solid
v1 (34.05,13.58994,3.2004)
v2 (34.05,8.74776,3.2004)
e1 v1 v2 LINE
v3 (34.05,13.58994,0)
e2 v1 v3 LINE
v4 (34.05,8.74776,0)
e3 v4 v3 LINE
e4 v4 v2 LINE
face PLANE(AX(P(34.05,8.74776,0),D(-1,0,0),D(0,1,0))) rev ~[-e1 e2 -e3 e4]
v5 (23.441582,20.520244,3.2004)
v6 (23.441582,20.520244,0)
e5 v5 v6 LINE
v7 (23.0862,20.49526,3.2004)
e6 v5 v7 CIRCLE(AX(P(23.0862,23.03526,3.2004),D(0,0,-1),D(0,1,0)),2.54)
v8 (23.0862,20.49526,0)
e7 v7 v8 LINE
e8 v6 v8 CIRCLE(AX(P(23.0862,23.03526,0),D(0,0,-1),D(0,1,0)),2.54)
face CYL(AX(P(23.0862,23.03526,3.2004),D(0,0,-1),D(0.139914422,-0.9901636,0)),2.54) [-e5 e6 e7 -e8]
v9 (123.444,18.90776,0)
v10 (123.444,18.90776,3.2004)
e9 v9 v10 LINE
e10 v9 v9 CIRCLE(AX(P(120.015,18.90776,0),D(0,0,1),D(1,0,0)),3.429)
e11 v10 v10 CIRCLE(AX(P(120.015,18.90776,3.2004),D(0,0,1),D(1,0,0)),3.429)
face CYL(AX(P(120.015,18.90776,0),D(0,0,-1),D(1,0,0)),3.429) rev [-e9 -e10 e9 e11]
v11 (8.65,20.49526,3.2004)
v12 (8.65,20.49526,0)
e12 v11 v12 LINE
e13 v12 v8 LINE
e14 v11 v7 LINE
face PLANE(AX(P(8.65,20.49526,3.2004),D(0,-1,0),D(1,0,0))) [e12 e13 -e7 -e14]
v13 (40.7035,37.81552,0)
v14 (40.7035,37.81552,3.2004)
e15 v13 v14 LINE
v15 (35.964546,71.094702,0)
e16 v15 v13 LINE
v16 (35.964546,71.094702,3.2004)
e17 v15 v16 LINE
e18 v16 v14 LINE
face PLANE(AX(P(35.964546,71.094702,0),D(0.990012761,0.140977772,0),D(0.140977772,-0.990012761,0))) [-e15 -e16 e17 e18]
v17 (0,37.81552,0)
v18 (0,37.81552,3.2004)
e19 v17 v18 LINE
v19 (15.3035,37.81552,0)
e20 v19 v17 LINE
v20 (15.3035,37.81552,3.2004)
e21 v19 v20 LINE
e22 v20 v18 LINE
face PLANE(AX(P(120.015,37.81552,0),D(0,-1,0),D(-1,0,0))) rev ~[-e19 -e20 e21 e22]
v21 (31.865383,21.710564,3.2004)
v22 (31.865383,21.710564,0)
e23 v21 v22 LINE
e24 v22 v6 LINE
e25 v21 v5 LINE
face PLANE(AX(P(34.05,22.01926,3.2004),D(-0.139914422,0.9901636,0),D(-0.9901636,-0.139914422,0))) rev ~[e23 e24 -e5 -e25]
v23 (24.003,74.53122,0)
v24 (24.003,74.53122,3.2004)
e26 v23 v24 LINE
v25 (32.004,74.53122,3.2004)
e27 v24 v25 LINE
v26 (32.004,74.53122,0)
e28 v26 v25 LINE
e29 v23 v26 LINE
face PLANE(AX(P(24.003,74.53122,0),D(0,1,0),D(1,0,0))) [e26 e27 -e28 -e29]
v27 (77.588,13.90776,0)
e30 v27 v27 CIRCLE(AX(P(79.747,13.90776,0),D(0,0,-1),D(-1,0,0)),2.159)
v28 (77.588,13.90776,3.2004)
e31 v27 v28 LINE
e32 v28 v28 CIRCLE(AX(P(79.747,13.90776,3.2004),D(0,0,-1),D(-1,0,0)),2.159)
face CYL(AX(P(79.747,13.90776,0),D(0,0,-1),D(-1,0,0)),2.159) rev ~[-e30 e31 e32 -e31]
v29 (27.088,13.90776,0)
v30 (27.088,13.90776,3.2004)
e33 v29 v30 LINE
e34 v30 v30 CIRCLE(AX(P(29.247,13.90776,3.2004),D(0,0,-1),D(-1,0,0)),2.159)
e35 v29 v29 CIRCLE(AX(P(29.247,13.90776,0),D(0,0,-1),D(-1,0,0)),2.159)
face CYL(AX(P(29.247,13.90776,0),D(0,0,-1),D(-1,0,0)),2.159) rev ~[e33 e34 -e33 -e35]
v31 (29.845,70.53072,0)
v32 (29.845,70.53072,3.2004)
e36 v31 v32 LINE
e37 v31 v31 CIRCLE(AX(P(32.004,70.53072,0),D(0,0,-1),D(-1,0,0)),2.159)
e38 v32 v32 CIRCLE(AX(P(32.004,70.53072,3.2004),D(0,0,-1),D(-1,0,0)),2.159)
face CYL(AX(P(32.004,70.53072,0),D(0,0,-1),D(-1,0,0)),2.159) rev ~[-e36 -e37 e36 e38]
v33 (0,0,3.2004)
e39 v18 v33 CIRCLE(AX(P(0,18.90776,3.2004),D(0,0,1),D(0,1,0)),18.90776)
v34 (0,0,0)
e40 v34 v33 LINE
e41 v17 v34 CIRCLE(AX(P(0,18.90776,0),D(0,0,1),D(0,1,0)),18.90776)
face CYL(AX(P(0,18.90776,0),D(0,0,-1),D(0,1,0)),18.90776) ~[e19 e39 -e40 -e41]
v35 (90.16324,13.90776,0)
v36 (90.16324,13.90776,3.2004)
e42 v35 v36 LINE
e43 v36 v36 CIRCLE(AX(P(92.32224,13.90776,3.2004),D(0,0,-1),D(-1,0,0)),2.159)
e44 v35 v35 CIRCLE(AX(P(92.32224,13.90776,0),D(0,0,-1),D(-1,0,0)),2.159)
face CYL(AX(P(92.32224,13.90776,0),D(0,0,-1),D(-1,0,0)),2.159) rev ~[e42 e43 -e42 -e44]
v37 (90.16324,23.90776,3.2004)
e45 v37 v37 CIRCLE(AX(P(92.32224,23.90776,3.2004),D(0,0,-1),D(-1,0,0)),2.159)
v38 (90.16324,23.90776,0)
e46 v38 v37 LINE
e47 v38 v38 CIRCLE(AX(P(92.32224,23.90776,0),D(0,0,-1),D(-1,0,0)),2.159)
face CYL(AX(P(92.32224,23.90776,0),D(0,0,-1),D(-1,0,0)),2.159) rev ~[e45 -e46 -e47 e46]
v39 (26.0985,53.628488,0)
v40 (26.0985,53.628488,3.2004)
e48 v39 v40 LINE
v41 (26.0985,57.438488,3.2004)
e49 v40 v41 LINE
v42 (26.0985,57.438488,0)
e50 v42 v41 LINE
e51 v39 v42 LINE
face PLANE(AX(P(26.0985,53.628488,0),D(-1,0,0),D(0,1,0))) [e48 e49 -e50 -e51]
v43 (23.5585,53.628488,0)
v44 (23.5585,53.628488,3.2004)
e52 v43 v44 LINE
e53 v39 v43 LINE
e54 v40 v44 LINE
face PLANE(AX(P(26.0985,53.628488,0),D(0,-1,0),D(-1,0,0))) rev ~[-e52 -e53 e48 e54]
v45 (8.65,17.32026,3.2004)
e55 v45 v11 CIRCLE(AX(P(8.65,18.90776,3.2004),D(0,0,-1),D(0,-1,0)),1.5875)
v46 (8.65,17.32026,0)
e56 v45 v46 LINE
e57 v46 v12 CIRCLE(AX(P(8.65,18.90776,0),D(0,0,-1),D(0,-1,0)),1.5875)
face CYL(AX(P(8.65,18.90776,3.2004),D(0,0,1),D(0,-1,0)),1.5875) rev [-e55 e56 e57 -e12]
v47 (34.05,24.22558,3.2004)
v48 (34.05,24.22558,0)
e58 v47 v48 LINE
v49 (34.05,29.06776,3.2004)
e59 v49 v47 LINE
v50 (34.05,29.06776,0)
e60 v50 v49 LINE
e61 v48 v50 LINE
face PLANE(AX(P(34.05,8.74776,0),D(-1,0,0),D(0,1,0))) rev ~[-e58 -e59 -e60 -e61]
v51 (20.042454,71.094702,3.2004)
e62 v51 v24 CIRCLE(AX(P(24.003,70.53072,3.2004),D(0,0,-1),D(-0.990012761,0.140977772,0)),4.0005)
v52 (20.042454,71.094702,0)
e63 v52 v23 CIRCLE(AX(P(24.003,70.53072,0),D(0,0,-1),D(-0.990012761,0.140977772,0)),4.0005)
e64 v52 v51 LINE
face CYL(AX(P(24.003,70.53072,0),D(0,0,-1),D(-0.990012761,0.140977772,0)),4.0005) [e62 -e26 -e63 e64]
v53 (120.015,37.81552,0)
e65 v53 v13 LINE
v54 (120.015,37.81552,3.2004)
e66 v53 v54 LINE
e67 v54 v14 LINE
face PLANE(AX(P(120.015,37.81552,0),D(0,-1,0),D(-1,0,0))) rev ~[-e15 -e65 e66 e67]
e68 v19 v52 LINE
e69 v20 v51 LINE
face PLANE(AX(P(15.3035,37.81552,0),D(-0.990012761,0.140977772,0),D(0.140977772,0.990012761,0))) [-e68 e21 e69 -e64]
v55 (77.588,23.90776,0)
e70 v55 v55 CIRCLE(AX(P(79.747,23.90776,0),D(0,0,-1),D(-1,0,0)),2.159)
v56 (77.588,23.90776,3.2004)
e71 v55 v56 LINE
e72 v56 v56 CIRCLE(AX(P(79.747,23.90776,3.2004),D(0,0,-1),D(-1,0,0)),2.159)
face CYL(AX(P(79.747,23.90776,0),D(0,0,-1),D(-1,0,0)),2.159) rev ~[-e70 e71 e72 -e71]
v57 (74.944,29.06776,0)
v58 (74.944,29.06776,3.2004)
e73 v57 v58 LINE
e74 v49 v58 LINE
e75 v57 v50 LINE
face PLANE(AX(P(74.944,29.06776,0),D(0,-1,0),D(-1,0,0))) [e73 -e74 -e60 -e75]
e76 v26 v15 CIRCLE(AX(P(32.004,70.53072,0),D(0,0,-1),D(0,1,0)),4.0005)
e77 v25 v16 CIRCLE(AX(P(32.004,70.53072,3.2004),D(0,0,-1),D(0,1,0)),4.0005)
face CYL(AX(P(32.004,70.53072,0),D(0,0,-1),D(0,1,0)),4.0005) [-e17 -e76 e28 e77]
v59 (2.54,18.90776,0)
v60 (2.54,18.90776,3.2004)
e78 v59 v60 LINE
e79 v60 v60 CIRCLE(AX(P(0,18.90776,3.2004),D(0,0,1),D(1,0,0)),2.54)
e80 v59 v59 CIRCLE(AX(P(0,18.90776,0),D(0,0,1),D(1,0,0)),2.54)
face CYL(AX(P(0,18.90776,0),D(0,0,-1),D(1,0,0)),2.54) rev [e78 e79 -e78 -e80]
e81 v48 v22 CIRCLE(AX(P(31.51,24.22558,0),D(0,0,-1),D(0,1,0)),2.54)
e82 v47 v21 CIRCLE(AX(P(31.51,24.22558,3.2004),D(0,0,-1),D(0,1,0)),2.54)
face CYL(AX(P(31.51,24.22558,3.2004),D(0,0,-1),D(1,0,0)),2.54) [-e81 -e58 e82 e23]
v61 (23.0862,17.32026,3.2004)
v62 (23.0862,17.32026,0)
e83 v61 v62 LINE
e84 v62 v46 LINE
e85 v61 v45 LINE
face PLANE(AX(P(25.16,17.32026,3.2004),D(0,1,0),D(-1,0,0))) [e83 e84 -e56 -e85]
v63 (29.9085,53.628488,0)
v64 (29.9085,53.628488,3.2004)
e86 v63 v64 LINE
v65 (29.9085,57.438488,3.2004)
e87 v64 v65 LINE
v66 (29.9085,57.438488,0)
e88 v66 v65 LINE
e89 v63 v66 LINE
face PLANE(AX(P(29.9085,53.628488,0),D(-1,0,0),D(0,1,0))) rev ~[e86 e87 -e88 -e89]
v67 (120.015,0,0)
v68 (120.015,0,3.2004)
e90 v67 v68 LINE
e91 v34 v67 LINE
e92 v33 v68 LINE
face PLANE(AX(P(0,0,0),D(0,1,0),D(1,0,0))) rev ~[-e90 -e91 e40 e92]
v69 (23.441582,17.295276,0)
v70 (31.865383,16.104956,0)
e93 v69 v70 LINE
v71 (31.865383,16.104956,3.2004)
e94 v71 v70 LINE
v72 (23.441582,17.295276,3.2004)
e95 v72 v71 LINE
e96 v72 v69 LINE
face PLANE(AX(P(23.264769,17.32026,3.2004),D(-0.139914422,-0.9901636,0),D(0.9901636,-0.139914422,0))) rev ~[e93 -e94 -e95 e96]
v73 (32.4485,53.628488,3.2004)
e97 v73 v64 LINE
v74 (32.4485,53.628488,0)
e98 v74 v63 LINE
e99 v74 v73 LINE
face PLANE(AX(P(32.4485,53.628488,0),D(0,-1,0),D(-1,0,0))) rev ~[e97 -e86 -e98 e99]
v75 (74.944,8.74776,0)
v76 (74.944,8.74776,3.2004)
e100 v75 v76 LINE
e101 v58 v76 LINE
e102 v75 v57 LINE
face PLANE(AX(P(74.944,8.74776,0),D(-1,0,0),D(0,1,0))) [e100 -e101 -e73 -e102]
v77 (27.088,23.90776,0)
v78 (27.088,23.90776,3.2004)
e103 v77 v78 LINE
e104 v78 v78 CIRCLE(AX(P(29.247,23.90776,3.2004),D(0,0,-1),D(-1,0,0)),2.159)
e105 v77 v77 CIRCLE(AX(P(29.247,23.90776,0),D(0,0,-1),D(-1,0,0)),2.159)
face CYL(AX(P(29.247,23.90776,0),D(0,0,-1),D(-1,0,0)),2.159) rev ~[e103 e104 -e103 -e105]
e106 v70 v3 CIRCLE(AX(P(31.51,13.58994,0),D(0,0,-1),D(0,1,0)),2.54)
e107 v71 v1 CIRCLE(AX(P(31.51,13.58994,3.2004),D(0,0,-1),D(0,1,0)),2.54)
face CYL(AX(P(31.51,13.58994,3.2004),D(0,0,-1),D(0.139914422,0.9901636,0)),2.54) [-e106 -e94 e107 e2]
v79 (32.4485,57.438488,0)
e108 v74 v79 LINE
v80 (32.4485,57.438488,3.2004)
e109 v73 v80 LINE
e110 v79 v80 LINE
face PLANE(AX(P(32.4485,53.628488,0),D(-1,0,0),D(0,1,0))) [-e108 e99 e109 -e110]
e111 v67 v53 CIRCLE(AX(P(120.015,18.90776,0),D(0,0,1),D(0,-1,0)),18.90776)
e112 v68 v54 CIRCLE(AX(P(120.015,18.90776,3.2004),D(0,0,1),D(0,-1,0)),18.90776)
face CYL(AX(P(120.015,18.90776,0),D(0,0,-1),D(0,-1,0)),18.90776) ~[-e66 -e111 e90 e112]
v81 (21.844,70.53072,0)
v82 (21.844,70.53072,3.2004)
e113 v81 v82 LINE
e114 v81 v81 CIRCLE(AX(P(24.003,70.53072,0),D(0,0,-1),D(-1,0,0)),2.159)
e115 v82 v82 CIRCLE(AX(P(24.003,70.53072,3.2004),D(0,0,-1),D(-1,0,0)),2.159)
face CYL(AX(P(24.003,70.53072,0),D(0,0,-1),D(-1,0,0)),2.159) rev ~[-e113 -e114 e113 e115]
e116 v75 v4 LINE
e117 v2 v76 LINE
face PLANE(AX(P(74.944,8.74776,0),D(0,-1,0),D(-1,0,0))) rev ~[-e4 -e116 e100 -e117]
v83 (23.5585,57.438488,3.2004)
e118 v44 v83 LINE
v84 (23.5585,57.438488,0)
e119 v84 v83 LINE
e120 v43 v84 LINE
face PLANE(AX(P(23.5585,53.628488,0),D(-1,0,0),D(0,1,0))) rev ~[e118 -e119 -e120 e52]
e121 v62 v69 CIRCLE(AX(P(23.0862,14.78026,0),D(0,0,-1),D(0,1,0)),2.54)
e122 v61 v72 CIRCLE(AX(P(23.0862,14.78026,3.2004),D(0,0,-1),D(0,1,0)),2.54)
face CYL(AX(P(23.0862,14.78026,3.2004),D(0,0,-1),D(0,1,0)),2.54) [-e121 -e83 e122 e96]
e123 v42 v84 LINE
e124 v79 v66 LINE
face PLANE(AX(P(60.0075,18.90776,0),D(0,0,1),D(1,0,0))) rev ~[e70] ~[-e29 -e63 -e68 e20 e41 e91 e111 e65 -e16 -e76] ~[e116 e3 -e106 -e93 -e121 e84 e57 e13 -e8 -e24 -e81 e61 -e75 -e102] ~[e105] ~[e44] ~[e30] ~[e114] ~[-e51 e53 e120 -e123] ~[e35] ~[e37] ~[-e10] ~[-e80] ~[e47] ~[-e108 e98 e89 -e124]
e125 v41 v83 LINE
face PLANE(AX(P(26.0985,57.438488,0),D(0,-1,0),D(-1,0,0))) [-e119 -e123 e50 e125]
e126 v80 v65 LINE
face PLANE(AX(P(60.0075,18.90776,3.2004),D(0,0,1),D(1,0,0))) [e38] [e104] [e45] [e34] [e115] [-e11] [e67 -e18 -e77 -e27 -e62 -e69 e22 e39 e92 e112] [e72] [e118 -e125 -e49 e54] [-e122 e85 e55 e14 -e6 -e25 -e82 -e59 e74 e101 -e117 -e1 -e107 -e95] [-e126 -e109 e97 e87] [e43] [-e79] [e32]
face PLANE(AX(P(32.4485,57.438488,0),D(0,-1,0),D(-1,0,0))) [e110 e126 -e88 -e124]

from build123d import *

# Parameters (mm, degrees)
SKETCH1_R           = 3.429
SKETCH1_R_2         = 2.54
BOSS_EXTRUDE1_DEPTH = 3.2004
SKETCH5_R           = 2.159
SKETCH5_W           = 40.894
SKETCH5_H           = 20.32
CUT_EXTRUDE3_DEPTH  = 4.2004
CUT_EXTRUDE4_DEPTH  = 3.2004
CUT_EXTRUDE5_DEPTH  = 3.2004
SKETCH9_R           = 2.159
SKETCH9_W           = 2.54
SKETCH9_H           = 3.81
BOSS_EXTRUDE2_DEPTH = 3.2004
FILLET1_R           = 2.54


with BuildPart() as part:
    # Sketch1 → Boss-Extrude1 (new body)
    with BuildSketch(Plane.XY):
        with BuildLine():
            Line((120.015, 37.81552), (0, 37.81552))
            ThreePointArc((0, 37.81552), (-18.90776, 18.90776), (0, 0))
            Line((0, 0), (120.015, 0))
            ThreePointArc((120.015, 0), (138.92276, 18.90776), (120.015, 37.81552))
        make_face()
        with Locations((120.015, 18.90776)):
            Circle(SKETCH1_R, mode=Mode.SUBTRACT)
        with Locations((0, 18.90776)):
            Circle(SKETCH1_R_2, mode=Mode.SUBTRACT)
    extrude(amount=BOSS_EXTRUDE1_DEPTH)

    # Sketch5 → Cut-Extrude3 (cut, through all)
    with BuildSketch(Plane(origin=(0, 0, 0), x_dir=(-1, 0, 0), z_dir=(0, 0, -1))):
        with Locations((-79.746999972, 23.90776)):
            Circle(SKETCH5_R)
        with Locations((-29.246999972, 13.90776)):
            Circle(SKETCH5_R)
        with Locations((-29.246999972, 23.90776)):
            Circle(SKETCH5_R)
        with Locations((-79.746999972, 13.90776)):
            Circle(SKETCH5_R)
        with Locations((-92.322240346, 23.90776)):
            Circle(SKETCH5_R)
        with Locations((-92.322240346, 13.90776)):
            Circle(SKETCH5_R)
        with Locations((-54.496999972, 18.90776)):
            Rectangle(SKETCH5_W, SKETCH5_H)
    extrude(amount=-CUT_EXTRUDE3_DEPTH, mode=Mode.SUBTRACT)

    # Sketch6 → Cut-Extrude4 (cut)
    with BuildSketch(Plane.XY.offset(3.2004)):
        with BuildLine():
            Line((8.649999972, 20.49526), (25.159999972, 20.49526))
            ThreePointArc((25.159999972, 20.49526), (26.747499972, 18.90776), (25.159999972, 17.32026))
            Line((25.159999972, 17.32026), (8.649999972, 17.32026))
            ThreePointArc((8.649999972, 17.32026), (7.062499972, 18.90776), (8.649999972, 20.49526))
        make_face()
    extrude(amount=-CUT_EXTRUDE4_DEPTH, mode=Mode.SUBTRACT)

    # Sketch8 → Cut-Extrude5 (cut)
    with BuildSketch(Plane.XY.offset(3.2004)):
        Polygon((34.049999972, 15.79626), (34.049999972, 22.01926), (23.264769203, 20.49526), (23.264769203, 17.32026), align=None)
    extrude(amount=-CUT_EXTRUDE5_DEPTH, mode=Mode.SUBTRACT)

    # Sketch9 → Boss-Extrude2 (add)
    with BuildSketch(Plane(origin=(0, 0, 0), x_dir=(-1, 0, 0), z_dir=(0, 0, -1))):
        with BuildLine():
            Line((-40.703500071, 37.81552), (-15.303500071, 37.81552))
            Line((-15.303500071, 37.81552), (-20.042454023, 71.094701578))
            ThreePointArc((-20.042454023, 71.094701578), (-21.381188491, 73.552326238), (-24.003000071, 74.531219996))
            Line((-24.003000071, 74.531219996), (-32.004000071, 74.531219996))
            ThreePointArc((-32.004000071, 74.531219996), (-34.62581165, 73.552326238), (-35.964546118, 71.094701578))
            Line((-35.964546118, 71.094701578), (-40.703500071, 37.81552))
        make_face()
        with Locations((-32.004000071, 70.53072)):
            Circle(SKETCH9_R, mode=Mode.SUBTRACT)
        with Locations((-24.003000071, 70.53072)):
            Circle(SKETCH9_R, mode=Mode.SUBTRACT)
        with Locations((-31.178500071, 55.533488225)):
            Rectangle(SKETCH9_W, SKETCH9_H, mode=Mode.SUBTRACT)
        with Locations((-24.828500071, 55.533488225)):
            Rectangle(SKETCH9_W, SKETCH9_H, mode=Mode.SUBTRACT)
    extrude(amount=-BOSS_EXTRUDE2_DEPTH)

    # Fillet1
    fillet1_edges = [part.edges().sort_by_distance(p)[0] for p in [
        (34.049999972, 22.01926, 1.6002),
        (23.264769203, 20.49526, 1.6002),
        (23.264769203, 17.32026, 1.6002),
        (34.049999972, 15.79626, 1.6002),
    ]]
    fillet(fillet1_edges, radius=FILLET1_R)


solid = part.part
